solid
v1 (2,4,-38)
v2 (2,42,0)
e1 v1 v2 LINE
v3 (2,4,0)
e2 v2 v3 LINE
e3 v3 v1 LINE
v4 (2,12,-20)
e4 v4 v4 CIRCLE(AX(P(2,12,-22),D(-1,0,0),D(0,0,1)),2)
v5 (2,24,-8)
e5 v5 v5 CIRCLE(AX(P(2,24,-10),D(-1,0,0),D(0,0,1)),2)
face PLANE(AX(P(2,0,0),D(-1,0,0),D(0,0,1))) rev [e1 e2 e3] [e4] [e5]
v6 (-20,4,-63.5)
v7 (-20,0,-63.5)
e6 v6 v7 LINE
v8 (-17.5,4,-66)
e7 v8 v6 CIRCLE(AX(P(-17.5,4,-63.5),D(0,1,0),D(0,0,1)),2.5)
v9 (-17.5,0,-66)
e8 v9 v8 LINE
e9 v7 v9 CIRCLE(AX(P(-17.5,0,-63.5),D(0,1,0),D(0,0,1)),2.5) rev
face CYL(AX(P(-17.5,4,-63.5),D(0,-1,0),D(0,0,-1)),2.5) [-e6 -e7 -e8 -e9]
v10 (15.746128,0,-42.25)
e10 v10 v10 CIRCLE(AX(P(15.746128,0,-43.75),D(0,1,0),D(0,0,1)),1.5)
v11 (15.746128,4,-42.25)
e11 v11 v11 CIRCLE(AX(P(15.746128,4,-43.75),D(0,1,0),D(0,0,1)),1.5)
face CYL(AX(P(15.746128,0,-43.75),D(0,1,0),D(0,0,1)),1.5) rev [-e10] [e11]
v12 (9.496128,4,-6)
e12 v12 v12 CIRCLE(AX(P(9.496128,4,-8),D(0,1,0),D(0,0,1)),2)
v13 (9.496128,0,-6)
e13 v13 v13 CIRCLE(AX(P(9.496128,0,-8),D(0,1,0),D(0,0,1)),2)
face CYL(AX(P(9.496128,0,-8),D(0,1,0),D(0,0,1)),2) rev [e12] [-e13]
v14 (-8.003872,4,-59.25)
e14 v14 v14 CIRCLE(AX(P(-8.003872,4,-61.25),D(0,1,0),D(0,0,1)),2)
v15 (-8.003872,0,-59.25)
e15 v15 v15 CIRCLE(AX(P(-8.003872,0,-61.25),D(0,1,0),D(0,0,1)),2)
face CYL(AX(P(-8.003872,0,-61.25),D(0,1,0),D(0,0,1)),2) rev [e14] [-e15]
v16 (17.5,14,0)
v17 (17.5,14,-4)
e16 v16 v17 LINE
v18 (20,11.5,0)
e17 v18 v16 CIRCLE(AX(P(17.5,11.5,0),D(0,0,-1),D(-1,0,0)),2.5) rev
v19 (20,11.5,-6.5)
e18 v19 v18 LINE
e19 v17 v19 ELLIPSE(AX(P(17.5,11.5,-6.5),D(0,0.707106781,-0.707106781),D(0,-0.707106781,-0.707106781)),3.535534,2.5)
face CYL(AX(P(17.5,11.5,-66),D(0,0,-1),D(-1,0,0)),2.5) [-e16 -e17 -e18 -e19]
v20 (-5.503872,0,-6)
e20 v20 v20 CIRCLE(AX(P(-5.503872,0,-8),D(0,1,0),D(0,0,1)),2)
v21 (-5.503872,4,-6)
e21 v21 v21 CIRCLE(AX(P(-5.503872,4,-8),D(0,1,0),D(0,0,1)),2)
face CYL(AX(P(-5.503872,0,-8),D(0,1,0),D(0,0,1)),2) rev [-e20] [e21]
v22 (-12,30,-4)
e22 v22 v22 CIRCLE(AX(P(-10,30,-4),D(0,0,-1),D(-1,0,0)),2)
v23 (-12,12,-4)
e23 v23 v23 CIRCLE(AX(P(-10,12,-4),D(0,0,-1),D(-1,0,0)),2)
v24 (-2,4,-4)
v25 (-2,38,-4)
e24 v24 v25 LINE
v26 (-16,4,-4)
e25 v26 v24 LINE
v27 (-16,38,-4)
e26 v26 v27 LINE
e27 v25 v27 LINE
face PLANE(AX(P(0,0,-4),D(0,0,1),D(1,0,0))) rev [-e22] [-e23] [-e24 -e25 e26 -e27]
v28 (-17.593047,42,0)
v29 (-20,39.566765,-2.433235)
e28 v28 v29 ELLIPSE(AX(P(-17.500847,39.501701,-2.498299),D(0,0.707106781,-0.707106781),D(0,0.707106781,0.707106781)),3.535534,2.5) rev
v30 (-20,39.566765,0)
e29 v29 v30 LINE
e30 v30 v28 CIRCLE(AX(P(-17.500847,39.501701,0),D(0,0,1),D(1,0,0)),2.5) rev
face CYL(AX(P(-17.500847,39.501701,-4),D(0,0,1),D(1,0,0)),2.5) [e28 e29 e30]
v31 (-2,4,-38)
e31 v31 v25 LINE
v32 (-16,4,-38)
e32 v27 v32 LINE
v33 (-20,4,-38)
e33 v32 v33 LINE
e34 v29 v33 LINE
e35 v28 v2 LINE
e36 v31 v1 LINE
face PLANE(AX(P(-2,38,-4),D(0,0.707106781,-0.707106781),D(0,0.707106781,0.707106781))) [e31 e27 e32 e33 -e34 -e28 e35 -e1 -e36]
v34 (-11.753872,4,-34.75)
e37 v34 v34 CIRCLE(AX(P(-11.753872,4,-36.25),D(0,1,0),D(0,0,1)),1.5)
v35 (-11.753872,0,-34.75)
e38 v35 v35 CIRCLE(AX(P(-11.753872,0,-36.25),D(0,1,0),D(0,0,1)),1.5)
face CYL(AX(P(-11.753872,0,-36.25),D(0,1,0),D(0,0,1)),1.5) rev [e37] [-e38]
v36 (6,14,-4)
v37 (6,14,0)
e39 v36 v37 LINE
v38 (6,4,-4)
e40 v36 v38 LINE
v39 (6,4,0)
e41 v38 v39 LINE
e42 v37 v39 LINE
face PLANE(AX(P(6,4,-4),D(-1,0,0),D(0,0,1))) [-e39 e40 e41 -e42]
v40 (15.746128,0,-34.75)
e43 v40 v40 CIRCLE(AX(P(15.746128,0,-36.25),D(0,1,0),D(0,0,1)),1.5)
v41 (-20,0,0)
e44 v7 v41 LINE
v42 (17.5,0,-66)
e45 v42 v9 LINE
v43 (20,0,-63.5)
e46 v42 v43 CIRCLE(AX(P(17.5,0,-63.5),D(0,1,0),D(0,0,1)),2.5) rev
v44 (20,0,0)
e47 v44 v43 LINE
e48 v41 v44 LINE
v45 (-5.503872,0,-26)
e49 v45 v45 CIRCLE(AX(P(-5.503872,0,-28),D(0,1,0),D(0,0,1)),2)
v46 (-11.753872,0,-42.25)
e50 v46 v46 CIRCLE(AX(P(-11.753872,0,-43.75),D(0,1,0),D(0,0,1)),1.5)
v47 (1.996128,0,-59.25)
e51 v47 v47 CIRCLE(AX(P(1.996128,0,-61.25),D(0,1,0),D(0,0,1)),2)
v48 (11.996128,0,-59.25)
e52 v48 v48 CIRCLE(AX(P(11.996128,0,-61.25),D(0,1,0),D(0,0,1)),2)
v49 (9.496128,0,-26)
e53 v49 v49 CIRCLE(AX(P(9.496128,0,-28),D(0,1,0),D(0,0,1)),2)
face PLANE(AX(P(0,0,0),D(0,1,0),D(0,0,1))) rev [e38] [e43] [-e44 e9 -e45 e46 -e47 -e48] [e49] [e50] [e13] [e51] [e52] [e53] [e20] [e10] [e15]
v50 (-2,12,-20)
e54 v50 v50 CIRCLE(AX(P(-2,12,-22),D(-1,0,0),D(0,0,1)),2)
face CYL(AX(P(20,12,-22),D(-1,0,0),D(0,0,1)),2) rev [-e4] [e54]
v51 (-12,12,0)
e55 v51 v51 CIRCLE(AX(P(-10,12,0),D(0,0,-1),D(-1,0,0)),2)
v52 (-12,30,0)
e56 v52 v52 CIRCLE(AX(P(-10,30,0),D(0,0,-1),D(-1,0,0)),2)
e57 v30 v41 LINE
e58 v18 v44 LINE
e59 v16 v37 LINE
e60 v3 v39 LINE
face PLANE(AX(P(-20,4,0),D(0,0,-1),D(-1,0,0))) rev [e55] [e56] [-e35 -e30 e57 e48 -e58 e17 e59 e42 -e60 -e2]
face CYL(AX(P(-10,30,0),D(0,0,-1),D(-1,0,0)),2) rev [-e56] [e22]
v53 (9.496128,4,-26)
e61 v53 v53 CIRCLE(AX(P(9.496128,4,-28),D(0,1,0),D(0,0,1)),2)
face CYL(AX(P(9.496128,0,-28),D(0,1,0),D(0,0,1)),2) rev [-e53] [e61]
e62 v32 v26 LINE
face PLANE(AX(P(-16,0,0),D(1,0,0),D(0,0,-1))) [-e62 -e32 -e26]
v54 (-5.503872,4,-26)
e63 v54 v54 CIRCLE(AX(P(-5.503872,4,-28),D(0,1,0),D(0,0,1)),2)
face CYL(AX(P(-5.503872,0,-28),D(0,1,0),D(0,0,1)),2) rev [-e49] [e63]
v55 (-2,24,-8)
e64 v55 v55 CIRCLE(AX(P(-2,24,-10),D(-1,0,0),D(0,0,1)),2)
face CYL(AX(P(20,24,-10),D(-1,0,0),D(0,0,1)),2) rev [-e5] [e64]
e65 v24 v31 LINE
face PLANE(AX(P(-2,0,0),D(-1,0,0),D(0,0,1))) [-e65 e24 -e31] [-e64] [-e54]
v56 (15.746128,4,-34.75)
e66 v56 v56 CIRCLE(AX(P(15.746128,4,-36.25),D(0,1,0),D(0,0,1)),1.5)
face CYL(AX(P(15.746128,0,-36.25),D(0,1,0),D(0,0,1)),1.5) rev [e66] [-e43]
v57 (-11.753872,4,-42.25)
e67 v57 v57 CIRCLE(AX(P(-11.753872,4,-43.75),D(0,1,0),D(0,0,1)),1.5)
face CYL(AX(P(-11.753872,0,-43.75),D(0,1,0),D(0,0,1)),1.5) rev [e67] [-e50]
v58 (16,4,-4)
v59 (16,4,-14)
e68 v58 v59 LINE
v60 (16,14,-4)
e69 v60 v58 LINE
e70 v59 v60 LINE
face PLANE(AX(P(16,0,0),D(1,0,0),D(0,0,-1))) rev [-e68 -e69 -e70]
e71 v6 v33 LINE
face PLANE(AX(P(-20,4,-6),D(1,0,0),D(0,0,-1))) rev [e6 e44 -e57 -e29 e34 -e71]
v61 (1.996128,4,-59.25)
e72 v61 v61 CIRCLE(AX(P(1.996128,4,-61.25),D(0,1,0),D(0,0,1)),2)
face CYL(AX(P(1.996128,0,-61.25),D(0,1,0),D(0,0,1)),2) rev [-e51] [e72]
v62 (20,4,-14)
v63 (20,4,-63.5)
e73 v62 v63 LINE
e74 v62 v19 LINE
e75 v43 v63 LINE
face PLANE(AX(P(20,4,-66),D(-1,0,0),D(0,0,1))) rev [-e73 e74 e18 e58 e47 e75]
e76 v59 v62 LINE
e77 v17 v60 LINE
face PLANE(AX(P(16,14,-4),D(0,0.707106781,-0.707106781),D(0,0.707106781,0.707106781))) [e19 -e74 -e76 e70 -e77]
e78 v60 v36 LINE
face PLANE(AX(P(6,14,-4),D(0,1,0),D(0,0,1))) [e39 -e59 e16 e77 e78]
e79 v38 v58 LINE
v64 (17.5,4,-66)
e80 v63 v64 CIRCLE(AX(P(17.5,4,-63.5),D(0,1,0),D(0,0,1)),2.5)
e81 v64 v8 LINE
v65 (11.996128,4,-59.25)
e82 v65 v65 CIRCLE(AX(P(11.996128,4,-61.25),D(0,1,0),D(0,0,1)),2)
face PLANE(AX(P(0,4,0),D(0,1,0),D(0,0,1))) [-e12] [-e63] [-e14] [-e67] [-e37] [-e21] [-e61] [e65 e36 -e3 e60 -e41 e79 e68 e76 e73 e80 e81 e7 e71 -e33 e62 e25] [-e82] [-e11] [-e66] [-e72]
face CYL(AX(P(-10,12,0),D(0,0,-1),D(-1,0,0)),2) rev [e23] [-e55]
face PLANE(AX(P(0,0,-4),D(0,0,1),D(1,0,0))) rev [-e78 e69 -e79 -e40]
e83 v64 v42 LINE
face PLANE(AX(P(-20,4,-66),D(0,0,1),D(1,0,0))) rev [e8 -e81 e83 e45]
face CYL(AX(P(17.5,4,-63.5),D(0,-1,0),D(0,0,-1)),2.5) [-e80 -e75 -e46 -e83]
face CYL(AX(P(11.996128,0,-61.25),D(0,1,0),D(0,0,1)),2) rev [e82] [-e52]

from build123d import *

# Parameters (mm, degrees)
BOSS_EXTRUDE1_DEPTH  = 4
SKETCH2_R            = 2
SKETCH2_R_2          = 1.5
CUT_EXTRUDE1_DEPTH   = 5
BOSS_EXTRUDE5_DEPTH  = 4
SKETCH6_W            = 18
SKETCH6_H            = 34
BOSS_EXTRUDE6_DEPTH  = 4
SKETCH7_W            = 14
SKETCH7_H            = 10
BOSS_EXTRUDE7_DEPTH  = 4
SKETCH8_R            = 2
CUT_EXTRUDE2_DEPTH   = 23
SKETCH9_R            = 2
CUT_EXTRUDE3_DEPTH   = 4
BOSS_EXTRUDE8_DEPTH  = 22
BOSS_EXTRUDE9_DEPTH  = 4
BOSS_EXTRUDE10_DEPTH = 4
CUT_EXTRUDE5_DEPTH   = 4
FILLET7_R            = 2.5
FILLET8_R            = 2.5


with BuildPart() as part:
    # Sketch1 → Boss-Extrude1 (new body)
    with BuildSketch(Plane(origin=(0, 0, 0), x_dir=(1, 0, 0), z_dir=(0, 1, 0))):
        Polygon((-20, 66), (20, 66), (20, 6), (20, 0), (-20, 0), (-20, 6), align=None)
    extrude(amount=BOSS_EXTRUDE1_DEPTH)

    # Sketch2 → Cut-Extrude1 (cut, through all)
    with BuildSketch(Plane(origin=(0, 4, 0), x_dir=(1, 0, 0), z_dir=(0, 1, 0))):
        with Locations((-8.00387182, 61.25)):
            Circle(SKETCH2_R)
        with Locations((1.99612818, 61.25)):
            Circle(SKETCH2_R)
        with Locations((11.99612818, 61.25)):
            Circle(SKETCH2_R)
        with Locations((-5.50387182, 8)):
            Circle(SKETCH2_R)
        with Locations((-5.50387182, 28)):
            Circle(SKETCH2_R)
        with Locations((9.49612818, 28)):
            Circle(SKETCH2_R)
        with Locations((9.49612818, 8)):
            Circle(SKETCH2_R)
        with Locations((15.74612818, 36.25)):
            Circle(SKETCH2_R_2)
        with Locations((15.74612818, 43.75)):
            Circle(SKETCH2_R_2)
        with Locations((-11.75387182, 43.75)):
            Circle(SKETCH2_R_2)
        with Locations((-11.75387182, 36.25)):
            Circle(SKETCH2_R_2)
    extrude(amount=-CUT_EXTRUDE1_DEPTH, mode=Mode.SUBTRACT)

    # Sketch5 → Boss-Extrude5 (add)
    with BuildSketch(Plane(origin=(2, 0, 0), x_dir=(0, 0, -1), z_dir=(1, 0, 0))):
        Polygon((0, 4), (0, 38), (4, 38), (38, 4), align=None)
    extrude(amount=-BOSS_EXTRUDE5_DEPTH)

    # Sketch6 → Boss-Extrude6 (add)
    with BuildSketch(Plane.XY):
        with Locations((-11, 21)):
            Rectangle(SKETCH6_W, SKETCH6_H)
    extrude(amount=-BOSS_EXTRUDE6_DEPTH)

    # Sketch7 → Boss-Extrude7 (add)
    with BuildSketch(Plane.XY):
        with Locations((13, 9)):
            Rectangle(SKETCH7_W, SKETCH7_H)
    extrude(amount=-BOSS_EXTRUDE7_DEPTH)

    # Sketch8 → Cut-Extrude2 (cut, through all)
    with BuildSketch(Plane.ZY.offset(2)):
        with Locations((-10, 24)):
            Circle(SKETCH8_R)
        with Locations((-22, 12)):
            Circle(SKETCH8_R)
    extrude(amount=-CUT_EXTRUDE2_DEPTH, mode=Mode.SUBTRACT)

    # Sketch9 → Cut-Extrude3 (cut)
    with BuildSketch(Plane(origin=(0, 0, -4), x_dir=(-1, 0, 0), z_dir=(0, 0, -1))):
        with Locations((10, 12)):
            Circle(SKETCH9_R)
        with Locations((10, 30)):
            Circle(SKETCH9_R)
    extrude(amount=-CUT_EXTRUDE3_DEPTH, mode=Mode.SUBTRACT)

    # Sketch10 → Boss-Extrude8 (add)
    with BuildSketch(Plane(origin=(2, 0, 0), x_dir=(0, 0, -1), z_dir=(1, 0, 0))):
        Polygon((4, 38), (0, 42), (0, 38), align=None)
    extrude(amount=-BOSS_EXTRUDE8_DEPTH)

    # Sketch13 → Boss-Extrude9 (add)
    with BuildSketch(Plane(origin=(20, 0, 0), x_dir=(0, 0, -1), z_dir=(1, 0, 0))):
        Polygon((4, 14), (14, 4), (4, 4), align=None)
    extrude(amount=-BOSS_EXTRUDE9_DEPTH)

    # Sketch14 → Boss-Extrude10 (add)
    with BuildSketch(Plane.ZY.offset(20)):
        Polygon((-4, 38), (-38, 4), (-4, 4), align=None)
    extrude(amount=-BOSS_EXTRUDE10_DEPTH)

    # Sketch16 → Cut-Extrude5 (cut)
    with BuildSketch(Plane.XY):
        with BuildLine():
            Line((-20, 42), (-20, 39.566764618))
            ThreePointArc((-20, 39.566764618), (-19.278186488, 41.259842846), (-17.593046725, 42))
            Line((-17.593046725, 42), (-20, 42))
        make_face()
    extrude(amount=-CUT_EXTRUDE5_DEPTH, mode=Mode.SUBTRACT)

    # Fillet7
    fillet7_edges = [part.edges().sort_by_distance(p)[0] for p in [
        (-20, 2, -66),
        (20, 2, -66),
    ]]
    fillet(fillet7_edges, radius=FILLET7_R)

    # Fillet8
    fillet8_edges = [part.edges().sort_by_distance(p)[0] for p in [
        (20, 14, -2),
    ]]
    fillet(fillet8_edges, radius=FILLET8_R)


solid = part.part
